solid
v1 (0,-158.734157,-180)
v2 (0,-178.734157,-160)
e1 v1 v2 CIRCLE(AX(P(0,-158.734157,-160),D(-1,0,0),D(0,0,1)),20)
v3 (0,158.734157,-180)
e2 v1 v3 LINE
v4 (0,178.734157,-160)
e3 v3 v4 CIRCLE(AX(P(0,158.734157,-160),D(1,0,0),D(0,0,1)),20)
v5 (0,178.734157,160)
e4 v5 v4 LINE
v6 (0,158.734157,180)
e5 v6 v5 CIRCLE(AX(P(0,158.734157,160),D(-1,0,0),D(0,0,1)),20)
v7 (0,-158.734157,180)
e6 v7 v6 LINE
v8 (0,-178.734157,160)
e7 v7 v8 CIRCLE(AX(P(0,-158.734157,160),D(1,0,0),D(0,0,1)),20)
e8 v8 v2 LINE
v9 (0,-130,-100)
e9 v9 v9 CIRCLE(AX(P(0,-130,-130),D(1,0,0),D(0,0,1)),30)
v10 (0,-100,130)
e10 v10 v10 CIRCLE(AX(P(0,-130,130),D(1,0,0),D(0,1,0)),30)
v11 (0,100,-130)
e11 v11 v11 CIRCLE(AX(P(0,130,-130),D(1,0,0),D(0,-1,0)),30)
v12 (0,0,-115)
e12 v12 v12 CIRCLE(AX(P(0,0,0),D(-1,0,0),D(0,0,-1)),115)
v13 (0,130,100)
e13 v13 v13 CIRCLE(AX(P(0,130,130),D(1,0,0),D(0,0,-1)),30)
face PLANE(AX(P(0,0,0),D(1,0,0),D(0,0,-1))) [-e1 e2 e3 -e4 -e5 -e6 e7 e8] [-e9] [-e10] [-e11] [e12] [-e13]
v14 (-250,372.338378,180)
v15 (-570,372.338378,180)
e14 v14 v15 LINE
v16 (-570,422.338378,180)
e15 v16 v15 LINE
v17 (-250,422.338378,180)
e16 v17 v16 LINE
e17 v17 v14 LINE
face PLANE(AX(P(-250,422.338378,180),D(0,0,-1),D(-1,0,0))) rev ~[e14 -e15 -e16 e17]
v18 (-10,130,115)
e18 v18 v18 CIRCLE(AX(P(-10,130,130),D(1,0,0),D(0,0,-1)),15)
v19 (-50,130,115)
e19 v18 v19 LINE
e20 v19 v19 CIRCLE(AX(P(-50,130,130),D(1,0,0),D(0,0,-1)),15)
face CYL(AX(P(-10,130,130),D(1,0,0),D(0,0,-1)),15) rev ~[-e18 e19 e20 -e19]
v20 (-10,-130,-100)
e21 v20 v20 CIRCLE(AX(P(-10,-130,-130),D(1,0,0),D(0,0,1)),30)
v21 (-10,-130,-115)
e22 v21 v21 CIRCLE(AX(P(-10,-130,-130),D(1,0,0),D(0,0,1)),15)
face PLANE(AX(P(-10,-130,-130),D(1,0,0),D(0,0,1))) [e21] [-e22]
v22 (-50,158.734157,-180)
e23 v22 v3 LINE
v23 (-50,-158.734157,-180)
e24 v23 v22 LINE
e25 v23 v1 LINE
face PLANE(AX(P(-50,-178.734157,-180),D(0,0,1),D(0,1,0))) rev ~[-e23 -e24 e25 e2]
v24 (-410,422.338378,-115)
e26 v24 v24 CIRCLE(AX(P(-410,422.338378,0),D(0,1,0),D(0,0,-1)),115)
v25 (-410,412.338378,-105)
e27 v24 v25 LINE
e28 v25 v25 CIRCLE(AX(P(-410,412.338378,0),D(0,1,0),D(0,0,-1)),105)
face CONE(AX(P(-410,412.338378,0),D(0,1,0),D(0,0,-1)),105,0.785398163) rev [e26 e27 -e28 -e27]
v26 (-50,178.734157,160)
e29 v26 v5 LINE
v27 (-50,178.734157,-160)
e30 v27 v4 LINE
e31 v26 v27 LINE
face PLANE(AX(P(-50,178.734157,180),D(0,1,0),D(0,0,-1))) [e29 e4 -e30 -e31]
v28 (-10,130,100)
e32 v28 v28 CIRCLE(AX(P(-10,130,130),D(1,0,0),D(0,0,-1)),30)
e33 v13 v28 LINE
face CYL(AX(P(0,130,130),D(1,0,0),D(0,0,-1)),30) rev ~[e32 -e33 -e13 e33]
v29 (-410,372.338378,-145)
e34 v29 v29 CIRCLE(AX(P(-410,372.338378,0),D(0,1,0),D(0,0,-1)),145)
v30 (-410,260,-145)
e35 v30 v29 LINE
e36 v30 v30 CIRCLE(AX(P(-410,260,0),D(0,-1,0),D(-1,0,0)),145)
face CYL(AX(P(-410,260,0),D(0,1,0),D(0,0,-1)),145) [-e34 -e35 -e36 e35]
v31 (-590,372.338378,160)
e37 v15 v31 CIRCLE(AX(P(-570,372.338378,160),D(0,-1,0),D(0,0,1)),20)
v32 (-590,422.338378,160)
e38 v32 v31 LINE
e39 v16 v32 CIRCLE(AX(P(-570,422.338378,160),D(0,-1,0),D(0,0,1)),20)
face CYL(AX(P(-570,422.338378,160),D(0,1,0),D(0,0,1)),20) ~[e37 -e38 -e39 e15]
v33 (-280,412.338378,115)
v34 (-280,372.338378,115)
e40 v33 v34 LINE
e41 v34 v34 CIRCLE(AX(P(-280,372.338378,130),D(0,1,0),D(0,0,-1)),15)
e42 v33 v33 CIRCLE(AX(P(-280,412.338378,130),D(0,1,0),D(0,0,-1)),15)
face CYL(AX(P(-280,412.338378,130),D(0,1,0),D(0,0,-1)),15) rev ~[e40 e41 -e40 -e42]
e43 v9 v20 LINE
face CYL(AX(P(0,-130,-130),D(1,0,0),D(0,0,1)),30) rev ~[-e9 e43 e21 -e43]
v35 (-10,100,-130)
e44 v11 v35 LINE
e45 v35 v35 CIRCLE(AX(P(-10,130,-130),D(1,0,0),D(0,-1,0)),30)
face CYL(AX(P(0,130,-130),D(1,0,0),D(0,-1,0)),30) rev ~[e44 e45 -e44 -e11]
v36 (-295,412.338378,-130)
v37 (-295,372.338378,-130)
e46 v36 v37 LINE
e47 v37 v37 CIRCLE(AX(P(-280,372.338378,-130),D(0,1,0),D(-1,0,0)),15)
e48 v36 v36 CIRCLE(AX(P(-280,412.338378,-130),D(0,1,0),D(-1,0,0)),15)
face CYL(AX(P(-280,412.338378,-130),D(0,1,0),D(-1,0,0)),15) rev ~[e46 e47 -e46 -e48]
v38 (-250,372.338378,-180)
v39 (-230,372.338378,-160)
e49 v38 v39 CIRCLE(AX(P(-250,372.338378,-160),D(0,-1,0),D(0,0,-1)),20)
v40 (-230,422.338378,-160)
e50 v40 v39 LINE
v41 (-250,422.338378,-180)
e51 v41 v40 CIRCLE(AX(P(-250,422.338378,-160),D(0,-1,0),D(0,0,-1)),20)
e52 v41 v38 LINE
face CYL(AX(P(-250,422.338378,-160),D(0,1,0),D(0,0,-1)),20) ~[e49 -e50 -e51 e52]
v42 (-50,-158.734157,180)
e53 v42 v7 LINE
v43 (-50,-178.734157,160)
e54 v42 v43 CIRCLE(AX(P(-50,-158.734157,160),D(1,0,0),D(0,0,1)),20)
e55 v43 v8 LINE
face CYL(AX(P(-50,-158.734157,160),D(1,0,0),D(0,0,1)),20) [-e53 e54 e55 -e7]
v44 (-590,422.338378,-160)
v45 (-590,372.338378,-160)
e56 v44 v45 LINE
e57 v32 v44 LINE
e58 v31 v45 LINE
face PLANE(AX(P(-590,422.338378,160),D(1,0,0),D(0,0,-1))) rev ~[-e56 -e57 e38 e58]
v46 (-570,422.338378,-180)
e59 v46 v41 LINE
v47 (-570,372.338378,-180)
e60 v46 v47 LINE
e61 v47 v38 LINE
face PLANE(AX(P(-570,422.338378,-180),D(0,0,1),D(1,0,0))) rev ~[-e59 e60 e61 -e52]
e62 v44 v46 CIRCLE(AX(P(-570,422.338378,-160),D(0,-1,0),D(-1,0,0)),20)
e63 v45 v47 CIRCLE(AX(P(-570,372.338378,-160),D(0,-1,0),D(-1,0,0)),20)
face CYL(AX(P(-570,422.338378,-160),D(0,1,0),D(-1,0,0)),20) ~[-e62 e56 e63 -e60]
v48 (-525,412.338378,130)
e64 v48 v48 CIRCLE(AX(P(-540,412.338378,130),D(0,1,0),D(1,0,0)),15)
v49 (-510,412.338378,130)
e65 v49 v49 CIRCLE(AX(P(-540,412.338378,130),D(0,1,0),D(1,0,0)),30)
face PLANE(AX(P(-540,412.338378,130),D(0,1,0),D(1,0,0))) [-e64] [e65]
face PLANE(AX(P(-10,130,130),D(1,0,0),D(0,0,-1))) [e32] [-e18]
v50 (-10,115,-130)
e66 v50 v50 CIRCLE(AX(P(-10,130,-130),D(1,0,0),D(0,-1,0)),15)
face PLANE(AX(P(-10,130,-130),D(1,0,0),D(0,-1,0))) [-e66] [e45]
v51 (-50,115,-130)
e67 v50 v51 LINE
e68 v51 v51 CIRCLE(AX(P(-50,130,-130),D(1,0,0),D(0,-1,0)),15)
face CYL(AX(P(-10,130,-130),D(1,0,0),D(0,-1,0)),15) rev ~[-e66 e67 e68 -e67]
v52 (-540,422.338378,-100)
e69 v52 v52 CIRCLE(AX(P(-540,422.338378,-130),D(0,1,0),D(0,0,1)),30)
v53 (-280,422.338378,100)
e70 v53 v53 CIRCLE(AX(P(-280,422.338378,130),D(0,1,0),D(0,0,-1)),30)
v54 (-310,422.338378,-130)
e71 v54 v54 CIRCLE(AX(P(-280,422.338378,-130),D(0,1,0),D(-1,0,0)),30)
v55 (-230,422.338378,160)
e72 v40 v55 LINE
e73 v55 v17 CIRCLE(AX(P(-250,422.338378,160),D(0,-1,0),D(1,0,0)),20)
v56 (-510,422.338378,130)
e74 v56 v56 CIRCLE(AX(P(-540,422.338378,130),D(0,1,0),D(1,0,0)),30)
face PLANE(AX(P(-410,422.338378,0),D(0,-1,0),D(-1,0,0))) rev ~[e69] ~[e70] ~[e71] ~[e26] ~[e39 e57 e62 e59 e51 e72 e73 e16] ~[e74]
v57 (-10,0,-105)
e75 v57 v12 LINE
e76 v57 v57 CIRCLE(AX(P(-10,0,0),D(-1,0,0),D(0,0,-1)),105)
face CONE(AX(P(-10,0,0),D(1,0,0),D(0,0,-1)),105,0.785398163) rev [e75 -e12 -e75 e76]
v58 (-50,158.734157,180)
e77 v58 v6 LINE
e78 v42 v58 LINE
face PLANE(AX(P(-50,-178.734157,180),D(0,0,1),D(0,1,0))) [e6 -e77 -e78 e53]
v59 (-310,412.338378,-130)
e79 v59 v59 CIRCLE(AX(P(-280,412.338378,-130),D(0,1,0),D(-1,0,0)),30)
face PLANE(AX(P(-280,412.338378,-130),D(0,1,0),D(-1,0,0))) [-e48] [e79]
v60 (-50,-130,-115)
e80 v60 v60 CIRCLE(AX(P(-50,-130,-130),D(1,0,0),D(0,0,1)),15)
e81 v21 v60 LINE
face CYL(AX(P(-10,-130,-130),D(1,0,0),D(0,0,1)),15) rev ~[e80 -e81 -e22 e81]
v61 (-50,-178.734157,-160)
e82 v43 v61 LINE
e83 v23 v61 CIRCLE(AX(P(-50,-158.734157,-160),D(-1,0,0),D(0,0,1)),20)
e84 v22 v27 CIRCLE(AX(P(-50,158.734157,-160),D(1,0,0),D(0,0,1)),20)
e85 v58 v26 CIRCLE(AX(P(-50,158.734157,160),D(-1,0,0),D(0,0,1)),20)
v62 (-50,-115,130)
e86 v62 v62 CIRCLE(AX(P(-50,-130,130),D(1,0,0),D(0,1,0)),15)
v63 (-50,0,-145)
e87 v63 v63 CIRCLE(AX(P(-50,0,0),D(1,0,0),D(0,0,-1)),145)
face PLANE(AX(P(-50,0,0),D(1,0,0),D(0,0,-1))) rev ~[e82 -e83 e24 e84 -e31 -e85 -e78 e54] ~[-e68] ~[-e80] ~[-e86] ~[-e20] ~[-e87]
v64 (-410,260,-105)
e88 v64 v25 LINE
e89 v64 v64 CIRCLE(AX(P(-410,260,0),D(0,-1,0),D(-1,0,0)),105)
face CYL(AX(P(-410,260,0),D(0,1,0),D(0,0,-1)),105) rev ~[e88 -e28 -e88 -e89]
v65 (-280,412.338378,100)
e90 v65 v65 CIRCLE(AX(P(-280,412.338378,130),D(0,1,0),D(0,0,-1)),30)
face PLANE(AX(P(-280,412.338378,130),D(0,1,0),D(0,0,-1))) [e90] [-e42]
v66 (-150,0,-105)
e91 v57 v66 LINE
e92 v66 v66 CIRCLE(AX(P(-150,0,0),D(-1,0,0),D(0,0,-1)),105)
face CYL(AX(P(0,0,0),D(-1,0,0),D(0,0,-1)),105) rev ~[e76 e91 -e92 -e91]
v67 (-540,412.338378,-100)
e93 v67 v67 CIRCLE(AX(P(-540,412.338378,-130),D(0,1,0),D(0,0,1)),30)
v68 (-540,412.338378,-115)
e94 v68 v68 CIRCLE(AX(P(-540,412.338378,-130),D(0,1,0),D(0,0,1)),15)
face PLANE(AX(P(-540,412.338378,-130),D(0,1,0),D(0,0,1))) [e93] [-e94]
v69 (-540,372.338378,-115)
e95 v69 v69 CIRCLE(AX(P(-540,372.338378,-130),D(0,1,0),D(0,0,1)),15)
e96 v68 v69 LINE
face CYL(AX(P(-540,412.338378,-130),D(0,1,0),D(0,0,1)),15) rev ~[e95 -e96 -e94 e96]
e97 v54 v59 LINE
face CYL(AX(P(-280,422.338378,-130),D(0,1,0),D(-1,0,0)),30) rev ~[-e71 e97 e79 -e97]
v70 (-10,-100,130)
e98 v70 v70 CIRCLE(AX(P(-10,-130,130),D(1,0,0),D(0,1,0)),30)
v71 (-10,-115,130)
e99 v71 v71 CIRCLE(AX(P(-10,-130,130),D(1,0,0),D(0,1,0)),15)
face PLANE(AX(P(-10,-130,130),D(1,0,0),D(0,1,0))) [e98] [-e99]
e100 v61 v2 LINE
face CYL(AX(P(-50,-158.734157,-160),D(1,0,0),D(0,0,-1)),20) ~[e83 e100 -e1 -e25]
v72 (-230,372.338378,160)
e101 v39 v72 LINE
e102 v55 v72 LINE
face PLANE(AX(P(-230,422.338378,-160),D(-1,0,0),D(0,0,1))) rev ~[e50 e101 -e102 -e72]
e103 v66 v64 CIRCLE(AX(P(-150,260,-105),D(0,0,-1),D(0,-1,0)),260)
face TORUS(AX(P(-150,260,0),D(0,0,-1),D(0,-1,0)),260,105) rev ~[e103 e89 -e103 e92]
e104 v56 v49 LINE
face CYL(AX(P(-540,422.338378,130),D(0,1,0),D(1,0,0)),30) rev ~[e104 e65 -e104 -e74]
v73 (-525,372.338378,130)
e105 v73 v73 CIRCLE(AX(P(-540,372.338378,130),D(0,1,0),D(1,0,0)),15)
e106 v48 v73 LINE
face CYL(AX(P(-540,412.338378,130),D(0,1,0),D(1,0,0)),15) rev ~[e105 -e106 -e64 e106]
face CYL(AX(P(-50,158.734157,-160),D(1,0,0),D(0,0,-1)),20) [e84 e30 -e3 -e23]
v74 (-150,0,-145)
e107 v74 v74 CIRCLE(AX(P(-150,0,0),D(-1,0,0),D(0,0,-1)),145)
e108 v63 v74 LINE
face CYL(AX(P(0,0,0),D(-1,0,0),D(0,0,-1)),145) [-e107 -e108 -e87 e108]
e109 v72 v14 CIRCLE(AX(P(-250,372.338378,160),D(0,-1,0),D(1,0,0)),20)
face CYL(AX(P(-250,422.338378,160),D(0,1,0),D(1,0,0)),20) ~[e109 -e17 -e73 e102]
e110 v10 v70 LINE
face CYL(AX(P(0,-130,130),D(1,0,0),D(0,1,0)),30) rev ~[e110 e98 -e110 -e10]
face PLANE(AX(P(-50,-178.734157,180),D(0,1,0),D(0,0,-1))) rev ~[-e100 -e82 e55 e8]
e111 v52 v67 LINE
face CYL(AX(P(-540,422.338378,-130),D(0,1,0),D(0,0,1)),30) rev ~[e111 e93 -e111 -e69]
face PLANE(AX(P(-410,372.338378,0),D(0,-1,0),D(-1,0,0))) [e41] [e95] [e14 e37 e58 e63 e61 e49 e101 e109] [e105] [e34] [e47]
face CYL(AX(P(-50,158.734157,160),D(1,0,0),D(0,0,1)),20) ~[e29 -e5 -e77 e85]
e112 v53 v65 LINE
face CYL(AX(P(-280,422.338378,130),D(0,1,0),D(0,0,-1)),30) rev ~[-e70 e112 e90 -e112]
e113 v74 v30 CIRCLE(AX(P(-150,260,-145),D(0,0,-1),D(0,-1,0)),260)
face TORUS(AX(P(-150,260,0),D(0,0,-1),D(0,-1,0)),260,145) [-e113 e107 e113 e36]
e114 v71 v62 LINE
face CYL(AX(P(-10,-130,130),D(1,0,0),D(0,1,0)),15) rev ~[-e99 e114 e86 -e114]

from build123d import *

# Parameters (mm, degrees)
SCHIZZO2_R                   = 145
SCHIZZO2_R_2                 = 105
ESTRUSIONE_ESTRUSIONE2_START = -50
SCHIZZO5_W                   = 360
SCHIZZO5_H                   = 357.468314384
SCHIZZO5_R                   = 145
ESTRUSIONE_ESTRUSIONE2_DEPTH = 50
RACCORDO2_R                  = 20
SCHIZZO11_R                  = 145
ESTRUSIONE_ESTRUSIONE3_DEPTH = 50
SCHIZZO12_R                  = 30
TAGLIO_ESTRUSIONE1_DEPTH     = 10
TAGLIO_ESTRUSIONE2_REACH     = 741.709
SCHIZZO13_R                  = 15
RIPETIZIONECIRCOLARE1_COUNT  = 4
SCHIZZO14_R                  = 30
TAGLIO_ESTRUSIONE3_DEPTH     = 10
TAGLIO_ESTRUSIONE4_REACH     = 856.322
SCHIZZO16_R                  = 15
RIPETIZIONECIRCOLARE2_COUNT  = 4
SMUSSO1_SIZE                 = 10


with BuildPart() as part:
    # Sweep-Sottile1: sweep along a path in Schizzo1
    with BuildLine(Plane.XY) as sweep_sottile1_path:
        Line((0, 0), (-150, 0))
        ThreePointArc((-150, 0), (-333.847763109, 76.152236891), (-410, 260))
        Line((-410, 260), (-410, 422.338378292))
    # Schizzo2 → Sweep-Sottile1 (sweep)
    with BuildSketch(Plane(origin=(0, 0, 0), x_dir=(0, 0, -1), z_dir=(1, 0, 0))):
        Circle(SCHIZZO2_R)
        Circle(SCHIZZO2_R_2, mode=Mode.SUBTRACT)
    sweep(path=sweep_sottile1_path.line)

    # Schizzo5 → Estrusione-Estrusione2 (add)
    with BuildSketch(Plane(origin=(0, 0, 0), x_dir=(0, 0, -1), z_dir=(1, 0, 0)).offset(ESTRUSIONE_ESTRUSIONE2_START)):
        Rectangle(SCHIZZO5_W, SCHIZZO5_H)
        with Locations(Location((0, 0, 0), (0, 0, 270))):
            Circle(SCHIZZO5_R, mode=Mode.SUBTRACT)
    extrude(amount=ESTRUSIONE_ESTRUSIONE2_DEPTH)

    # Raccordo2
    raccordo2_edges = [part.edges().sort_by_distance(p)[0] for p in [
        (-25, -178.734157192, -180),
        (-25, -178.734157192, 180),
        (-25, 178.734157192, 180),
        (-25, 178.734157192, -180),
    ]]
    fillet(raccordo2_edges, radius=RACCORDO2_R)

    # Schizzo11 → Estrusione-Estrusione3 (add)
    with BuildSketch(Plane(origin=(0, 422.338378292, 0), x_dir=(1, 0, 0), z_dir=(0, 1, 0))):
        with BuildLine():
            ThreePointArc((-250, 180), (-235.857864376, 174.142135624), (-230, 160))
            Line((-230, 160), (-230, -160))
            ThreePointArc((-230, -160), (-235.857864376, -174.142135624), (-250, -180))
            Line((-250, -180), (-570, -180))
            ThreePointArc((-570, -180), (-584.142135624, -174.142135624), (-590, -160))
            Line((-590, -160), (-590, 160))
            ThreePointArc((-590, 160), (-584.142135624, 174.142135624), (-570, 180))
            Line((-570, 180), (-250, 180))
        make_face()
        with Locations(Location((-410, 0, 0), (0, 0, 270))):
            Circle(SCHIZZO11_R, mode=Mode.SUBTRACT)
    extrude(amount=-ESTRUSIONE_ESTRUSIONE3_DEPTH)

    # Schizzo12 → Taglio-Estrusione1 (cut)
    with BuildSketch(Plane(origin=(0, 0, 0), x_dir=(0, 0, -1), z_dir=(1, 0, 0))):
        with Locations((-130, 130)):
            Circle(SCHIZZO12_R)
    taglio_estrusione1 = extrude(amount=-TAGLIO_ESTRUSIONE1_DEPTH, mode=Mode.SUBTRACT)

    # Schizzo13 → Taglio-Estrusione2 (cut, up to next)
    with BuildSketch(Plane(origin=(-10, 0, 0), x_dir=(0, 0, -1), z_dir=(1, 0, 0)), mode=Mode.PRIVATE) as taglio_estrusione2_sk1:
        with Locations((-130, 130)):
            Circle(SCHIZZO13_R)
    taglio_estrusione2_tool1 = extrude(taglio_estrusione2_sk1.sketch, amount=-TAGLIO_ESTRUSIONE2_REACH, mode=Mode.PRIVATE) & part.part
    taglio_estrusione2 = taglio_estrusione2_tool1.solids().sort_by_distance((-10, 130, 130))[0]
    add(taglio_estrusione2, mode=Mode.SUBTRACT)

    # RipetizioneCircolare1: Taglio-Estrusione1, Taglio-Estrusione2 ×4 about axis
    ripetizionecircolare1_axis = Axis((0, 0, 0), (1, 0, 0))
    add([taglio_estrusione1.rotate(ripetizionecircolare1_axis, i * 360 / RIPETIZIONECIRCOLARE1_COUNT) for i in range(1, RIPETIZIONECIRCOLARE1_COUNT)], mode=Mode.SUBTRACT)
    add([taglio_estrusione2.rotate(ripetizionecircolare1_axis, i * 360 / RIPETIZIONECIRCOLARE1_COUNT) for i in range(1, RIPETIZIONECIRCOLARE1_COUNT)], mode=Mode.SUBTRACT)

    # Schizzo14 → Taglio-Estrusione3 (cut)
    with BuildSketch(Plane(origin=(0, 422.338378292, 0), x_dir=(1, 0, 0), z_dir=(0, 1, 0))):
        with Locations(Location((-540, 130, 0), (0, 0, 270))):
            Circle(SCHIZZO14_R)
    taglio_estrusione3 = extrude(amount=-TAGLIO_ESTRUSIONE3_DEPTH, mode=Mode.SUBTRACT)

    # Schizzo16 → Taglio-Estrusione4 (cut, up to next)
    with BuildSketch(Plane(origin=(0, 412.338378292, 0), x_dir=(1, 0, 0), z_dir=(0, 1, 0)), mode=Mode.PRIVATE) as taglio_estrusione4_sk1:
        with Locations(Location((-540, 130, 0), (0, 0, 270))):
            Circle(SCHIZZO16_R)
    taglio_estrusione4_tool1 = extrude(taglio_estrusione4_sk1.sketch, amount=-TAGLIO_ESTRUSIONE4_REACH, mode=Mode.PRIVATE) & part.part
    taglio_estrusione4 = taglio_estrusione4_tool1.solids().sort_by_distance((-540, 412.338378, -130))[0]
    add(taglio_estrusione4, mode=Mode.SUBTRACT)

    # RipetizioneCircolare2: Taglio-Estrusione3, Taglio-Estrusione4 ×4 about axis
    ripetizionecircolare2_axis = Axis((-410, 0, 0), (0, 1, 0))
    add([taglio_estrusione3.rotate(ripetizionecircolare2_axis, i * 360 / RIPETIZIONECIRCOLARE2_COUNT) for i in range(1, RIPETIZIONECIRCOLARE2_COUNT)], mode=Mode.SUBTRACT)
    add([taglio_estrusione4.rotate(ripetizionecircolare2_axis, i * 360 / RIPETIZIONECIRCOLARE2_COUNT) for i in range(1, RIPETIZIONECIRCOLARE2_COUNT)], mode=Mode.SUBTRACT)

    # Smusso1
    smusso1_edges = [part.edges().sort_by_distance(p)[0] for p in [
        (0, 0, 105),
        (-410, 422.338378292, 105),
    ]]
    chamfer(smusso1_edges, length=SMUSSO1_SIZE)


solid = part.part
